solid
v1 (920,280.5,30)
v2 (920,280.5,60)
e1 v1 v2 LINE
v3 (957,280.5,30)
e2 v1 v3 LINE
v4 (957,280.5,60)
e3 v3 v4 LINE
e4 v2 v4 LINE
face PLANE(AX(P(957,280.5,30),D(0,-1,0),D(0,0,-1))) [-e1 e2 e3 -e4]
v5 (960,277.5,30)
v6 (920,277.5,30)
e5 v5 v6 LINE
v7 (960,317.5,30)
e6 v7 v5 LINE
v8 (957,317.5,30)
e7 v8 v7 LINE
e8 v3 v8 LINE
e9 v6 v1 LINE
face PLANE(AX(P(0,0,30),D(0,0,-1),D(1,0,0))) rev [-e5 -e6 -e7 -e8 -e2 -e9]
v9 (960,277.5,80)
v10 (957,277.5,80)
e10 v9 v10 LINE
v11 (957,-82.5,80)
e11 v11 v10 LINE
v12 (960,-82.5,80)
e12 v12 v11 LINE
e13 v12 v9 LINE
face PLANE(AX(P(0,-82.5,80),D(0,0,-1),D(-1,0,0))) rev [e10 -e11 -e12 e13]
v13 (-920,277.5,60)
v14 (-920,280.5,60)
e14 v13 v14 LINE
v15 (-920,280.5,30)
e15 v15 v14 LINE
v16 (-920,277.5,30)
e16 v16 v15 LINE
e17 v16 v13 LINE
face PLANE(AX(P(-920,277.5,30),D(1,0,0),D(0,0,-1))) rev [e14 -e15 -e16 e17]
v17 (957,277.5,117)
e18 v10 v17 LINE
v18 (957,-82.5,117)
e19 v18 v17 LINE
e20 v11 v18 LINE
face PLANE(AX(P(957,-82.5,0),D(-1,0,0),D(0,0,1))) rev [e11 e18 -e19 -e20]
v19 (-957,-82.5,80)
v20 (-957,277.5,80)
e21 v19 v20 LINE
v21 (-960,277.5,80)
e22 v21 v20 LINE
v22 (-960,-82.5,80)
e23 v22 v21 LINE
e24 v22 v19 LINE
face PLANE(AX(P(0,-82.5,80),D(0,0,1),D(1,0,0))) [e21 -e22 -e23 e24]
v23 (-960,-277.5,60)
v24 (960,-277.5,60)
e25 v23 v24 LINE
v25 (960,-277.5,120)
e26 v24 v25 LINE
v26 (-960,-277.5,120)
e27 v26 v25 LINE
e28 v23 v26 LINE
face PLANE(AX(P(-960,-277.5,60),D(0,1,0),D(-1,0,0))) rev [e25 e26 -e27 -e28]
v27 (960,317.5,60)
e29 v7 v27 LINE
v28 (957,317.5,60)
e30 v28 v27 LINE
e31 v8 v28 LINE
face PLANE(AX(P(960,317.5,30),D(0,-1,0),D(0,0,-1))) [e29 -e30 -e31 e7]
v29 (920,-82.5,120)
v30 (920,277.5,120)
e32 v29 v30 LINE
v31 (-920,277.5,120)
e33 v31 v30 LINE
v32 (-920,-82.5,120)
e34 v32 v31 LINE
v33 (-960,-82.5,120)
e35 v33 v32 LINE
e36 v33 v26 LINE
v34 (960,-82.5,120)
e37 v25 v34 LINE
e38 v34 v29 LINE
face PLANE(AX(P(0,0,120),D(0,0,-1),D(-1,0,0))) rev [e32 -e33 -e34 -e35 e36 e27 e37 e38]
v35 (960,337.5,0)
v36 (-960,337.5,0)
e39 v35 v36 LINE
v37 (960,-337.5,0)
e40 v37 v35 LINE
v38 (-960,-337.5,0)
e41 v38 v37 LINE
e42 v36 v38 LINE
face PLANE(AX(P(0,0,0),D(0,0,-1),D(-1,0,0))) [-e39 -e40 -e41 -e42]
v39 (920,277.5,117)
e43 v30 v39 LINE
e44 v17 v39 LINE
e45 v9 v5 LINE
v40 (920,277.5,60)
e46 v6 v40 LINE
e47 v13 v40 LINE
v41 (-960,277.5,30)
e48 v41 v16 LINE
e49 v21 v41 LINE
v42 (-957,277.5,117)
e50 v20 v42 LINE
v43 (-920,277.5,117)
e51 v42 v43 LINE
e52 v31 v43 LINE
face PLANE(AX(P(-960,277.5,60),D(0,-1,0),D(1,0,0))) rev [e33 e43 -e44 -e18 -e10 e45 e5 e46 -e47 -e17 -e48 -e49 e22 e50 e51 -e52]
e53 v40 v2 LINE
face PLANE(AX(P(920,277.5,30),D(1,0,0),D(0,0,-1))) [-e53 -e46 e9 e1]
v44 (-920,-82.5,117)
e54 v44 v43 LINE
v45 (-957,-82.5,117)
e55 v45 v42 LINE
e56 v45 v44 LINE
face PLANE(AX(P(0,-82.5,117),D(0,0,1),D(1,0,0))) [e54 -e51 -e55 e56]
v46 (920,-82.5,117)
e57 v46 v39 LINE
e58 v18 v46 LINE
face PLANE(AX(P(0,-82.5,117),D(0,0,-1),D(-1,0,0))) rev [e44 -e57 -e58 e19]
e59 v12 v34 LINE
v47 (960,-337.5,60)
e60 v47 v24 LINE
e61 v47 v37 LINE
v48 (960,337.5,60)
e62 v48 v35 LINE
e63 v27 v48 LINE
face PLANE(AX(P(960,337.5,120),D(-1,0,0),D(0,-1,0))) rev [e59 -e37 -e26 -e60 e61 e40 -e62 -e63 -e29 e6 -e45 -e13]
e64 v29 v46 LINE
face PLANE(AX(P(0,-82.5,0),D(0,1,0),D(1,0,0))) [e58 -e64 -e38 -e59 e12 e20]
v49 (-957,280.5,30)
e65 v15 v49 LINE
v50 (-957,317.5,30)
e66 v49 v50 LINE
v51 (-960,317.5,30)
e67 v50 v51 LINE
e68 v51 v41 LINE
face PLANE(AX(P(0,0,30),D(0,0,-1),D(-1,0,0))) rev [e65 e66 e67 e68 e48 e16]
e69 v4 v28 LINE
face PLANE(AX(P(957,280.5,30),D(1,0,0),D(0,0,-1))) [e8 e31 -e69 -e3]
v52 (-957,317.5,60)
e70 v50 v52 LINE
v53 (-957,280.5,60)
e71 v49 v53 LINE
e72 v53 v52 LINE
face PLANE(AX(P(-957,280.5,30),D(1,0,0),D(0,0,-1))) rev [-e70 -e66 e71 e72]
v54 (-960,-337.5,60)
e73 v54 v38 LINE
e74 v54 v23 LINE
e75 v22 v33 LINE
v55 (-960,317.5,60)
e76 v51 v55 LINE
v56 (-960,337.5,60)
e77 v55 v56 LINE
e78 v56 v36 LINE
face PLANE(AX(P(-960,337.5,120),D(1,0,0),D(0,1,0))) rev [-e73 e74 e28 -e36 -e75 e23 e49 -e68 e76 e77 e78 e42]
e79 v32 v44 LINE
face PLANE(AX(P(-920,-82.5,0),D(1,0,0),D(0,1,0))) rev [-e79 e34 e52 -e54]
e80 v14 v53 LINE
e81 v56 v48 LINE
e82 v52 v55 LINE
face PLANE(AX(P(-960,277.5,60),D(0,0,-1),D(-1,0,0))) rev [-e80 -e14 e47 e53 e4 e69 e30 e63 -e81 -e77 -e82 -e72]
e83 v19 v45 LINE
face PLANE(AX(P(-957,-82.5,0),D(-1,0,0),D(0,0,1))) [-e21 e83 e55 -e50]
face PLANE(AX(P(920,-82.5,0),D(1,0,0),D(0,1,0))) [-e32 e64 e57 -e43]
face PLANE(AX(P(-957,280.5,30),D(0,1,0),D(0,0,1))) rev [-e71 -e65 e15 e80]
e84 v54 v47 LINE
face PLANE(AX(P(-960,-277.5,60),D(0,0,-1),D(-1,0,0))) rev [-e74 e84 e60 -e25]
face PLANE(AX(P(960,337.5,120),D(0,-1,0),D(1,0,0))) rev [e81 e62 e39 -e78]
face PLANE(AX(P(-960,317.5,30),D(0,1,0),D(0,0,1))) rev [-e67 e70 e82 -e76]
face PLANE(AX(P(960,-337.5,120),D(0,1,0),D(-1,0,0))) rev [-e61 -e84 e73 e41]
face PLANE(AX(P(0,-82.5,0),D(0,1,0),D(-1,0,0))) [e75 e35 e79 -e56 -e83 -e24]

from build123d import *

# Parameters (mm, degrees)
SKETCH1_W           = 1920
SKETCH1_H           = 675
BOSS_EXTRUDE1_DEPTH = 120
SKETCH2_W           = 60
SKETCH2_H           = 60
CUT_EXTRUDE1_DEPTH  = 1954.127299999
CUT_EXTRUDE2_DEPTH  = 360
CUT_EXTRUDE3_DEPTH  = 30


with BuildPart() as part:
    # Sketch1 → Boss-Extrude1 (new body)
    with BuildSketch(Plane.XY):
        Rectangle(SKETCH1_W, SKETCH1_H)
    extrude(amount=BOSS_EXTRUDE1_DEPTH)

    # Sketch2 → Cut-Extrude1 (cut, through all)
    with BuildSketch(Plane(origin=(960, 0, 0), x_dir=(0, 0, -1), z_dir=(1, 0, 0))):
        with Locations((-90, 307.5)):
            Rectangle(SKETCH2_W, SKETCH2_H)
        with Locations((-90, -307.5)):
            Rectangle(SKETCH2_W, SKETCH2_H)
    extrude(amount=-CUT_EXTRUDE1_DEPTH, mode=Mode.SUBTRACT)

    # Sketch3 → Cut-Extrude2 (cut)
    with BuildSketch(Plane(origin=(0, 277.5, 0), x_dir=(1, 0, 0), z_dir=(0, 1, 0))):
        Polygon((-960, -120), (-920, -120), (-920, -117), (-957, -117), (-957, -80), (-960, -80), align=None)
    cut_extrude2 = extrude(amount=-CUT_EXTRUDE2_DEPTH, mode=Mode.SUBTRACT)

    # Sketch4 → Cut-Extrude3 (cut)
    with BuildSketch(Plane.XY.offset(60)):
        Polygon((-957, 280.5), (-920, 280.5), (-920, 277.5), (-960, 277.5), (-960, 317.5), (-957, 317.5), align=None)
    cut_extrude3 = extrude(amount=-CUT_EXTRUDE3_DEPTH, mode=Mode.SUBTRACT)

    # Mirror1: Cut-Extrude2, Cut-Extrude3 across plane
    add(cut_extrude2.mirror(Plane(origin=(0, 0, 0), x_dir=(0, 0, 1), z_dir=(1, 0, 0))), mode=Mode.SUBTRACT)
    add(cut_extrude3.mirror(Plane(origin=(0, 0, 0), x_dir=(0, 0, 1), z_dir=(1, 0, 0))), mode=Mode.SUBTRACT)


solid = part.part
